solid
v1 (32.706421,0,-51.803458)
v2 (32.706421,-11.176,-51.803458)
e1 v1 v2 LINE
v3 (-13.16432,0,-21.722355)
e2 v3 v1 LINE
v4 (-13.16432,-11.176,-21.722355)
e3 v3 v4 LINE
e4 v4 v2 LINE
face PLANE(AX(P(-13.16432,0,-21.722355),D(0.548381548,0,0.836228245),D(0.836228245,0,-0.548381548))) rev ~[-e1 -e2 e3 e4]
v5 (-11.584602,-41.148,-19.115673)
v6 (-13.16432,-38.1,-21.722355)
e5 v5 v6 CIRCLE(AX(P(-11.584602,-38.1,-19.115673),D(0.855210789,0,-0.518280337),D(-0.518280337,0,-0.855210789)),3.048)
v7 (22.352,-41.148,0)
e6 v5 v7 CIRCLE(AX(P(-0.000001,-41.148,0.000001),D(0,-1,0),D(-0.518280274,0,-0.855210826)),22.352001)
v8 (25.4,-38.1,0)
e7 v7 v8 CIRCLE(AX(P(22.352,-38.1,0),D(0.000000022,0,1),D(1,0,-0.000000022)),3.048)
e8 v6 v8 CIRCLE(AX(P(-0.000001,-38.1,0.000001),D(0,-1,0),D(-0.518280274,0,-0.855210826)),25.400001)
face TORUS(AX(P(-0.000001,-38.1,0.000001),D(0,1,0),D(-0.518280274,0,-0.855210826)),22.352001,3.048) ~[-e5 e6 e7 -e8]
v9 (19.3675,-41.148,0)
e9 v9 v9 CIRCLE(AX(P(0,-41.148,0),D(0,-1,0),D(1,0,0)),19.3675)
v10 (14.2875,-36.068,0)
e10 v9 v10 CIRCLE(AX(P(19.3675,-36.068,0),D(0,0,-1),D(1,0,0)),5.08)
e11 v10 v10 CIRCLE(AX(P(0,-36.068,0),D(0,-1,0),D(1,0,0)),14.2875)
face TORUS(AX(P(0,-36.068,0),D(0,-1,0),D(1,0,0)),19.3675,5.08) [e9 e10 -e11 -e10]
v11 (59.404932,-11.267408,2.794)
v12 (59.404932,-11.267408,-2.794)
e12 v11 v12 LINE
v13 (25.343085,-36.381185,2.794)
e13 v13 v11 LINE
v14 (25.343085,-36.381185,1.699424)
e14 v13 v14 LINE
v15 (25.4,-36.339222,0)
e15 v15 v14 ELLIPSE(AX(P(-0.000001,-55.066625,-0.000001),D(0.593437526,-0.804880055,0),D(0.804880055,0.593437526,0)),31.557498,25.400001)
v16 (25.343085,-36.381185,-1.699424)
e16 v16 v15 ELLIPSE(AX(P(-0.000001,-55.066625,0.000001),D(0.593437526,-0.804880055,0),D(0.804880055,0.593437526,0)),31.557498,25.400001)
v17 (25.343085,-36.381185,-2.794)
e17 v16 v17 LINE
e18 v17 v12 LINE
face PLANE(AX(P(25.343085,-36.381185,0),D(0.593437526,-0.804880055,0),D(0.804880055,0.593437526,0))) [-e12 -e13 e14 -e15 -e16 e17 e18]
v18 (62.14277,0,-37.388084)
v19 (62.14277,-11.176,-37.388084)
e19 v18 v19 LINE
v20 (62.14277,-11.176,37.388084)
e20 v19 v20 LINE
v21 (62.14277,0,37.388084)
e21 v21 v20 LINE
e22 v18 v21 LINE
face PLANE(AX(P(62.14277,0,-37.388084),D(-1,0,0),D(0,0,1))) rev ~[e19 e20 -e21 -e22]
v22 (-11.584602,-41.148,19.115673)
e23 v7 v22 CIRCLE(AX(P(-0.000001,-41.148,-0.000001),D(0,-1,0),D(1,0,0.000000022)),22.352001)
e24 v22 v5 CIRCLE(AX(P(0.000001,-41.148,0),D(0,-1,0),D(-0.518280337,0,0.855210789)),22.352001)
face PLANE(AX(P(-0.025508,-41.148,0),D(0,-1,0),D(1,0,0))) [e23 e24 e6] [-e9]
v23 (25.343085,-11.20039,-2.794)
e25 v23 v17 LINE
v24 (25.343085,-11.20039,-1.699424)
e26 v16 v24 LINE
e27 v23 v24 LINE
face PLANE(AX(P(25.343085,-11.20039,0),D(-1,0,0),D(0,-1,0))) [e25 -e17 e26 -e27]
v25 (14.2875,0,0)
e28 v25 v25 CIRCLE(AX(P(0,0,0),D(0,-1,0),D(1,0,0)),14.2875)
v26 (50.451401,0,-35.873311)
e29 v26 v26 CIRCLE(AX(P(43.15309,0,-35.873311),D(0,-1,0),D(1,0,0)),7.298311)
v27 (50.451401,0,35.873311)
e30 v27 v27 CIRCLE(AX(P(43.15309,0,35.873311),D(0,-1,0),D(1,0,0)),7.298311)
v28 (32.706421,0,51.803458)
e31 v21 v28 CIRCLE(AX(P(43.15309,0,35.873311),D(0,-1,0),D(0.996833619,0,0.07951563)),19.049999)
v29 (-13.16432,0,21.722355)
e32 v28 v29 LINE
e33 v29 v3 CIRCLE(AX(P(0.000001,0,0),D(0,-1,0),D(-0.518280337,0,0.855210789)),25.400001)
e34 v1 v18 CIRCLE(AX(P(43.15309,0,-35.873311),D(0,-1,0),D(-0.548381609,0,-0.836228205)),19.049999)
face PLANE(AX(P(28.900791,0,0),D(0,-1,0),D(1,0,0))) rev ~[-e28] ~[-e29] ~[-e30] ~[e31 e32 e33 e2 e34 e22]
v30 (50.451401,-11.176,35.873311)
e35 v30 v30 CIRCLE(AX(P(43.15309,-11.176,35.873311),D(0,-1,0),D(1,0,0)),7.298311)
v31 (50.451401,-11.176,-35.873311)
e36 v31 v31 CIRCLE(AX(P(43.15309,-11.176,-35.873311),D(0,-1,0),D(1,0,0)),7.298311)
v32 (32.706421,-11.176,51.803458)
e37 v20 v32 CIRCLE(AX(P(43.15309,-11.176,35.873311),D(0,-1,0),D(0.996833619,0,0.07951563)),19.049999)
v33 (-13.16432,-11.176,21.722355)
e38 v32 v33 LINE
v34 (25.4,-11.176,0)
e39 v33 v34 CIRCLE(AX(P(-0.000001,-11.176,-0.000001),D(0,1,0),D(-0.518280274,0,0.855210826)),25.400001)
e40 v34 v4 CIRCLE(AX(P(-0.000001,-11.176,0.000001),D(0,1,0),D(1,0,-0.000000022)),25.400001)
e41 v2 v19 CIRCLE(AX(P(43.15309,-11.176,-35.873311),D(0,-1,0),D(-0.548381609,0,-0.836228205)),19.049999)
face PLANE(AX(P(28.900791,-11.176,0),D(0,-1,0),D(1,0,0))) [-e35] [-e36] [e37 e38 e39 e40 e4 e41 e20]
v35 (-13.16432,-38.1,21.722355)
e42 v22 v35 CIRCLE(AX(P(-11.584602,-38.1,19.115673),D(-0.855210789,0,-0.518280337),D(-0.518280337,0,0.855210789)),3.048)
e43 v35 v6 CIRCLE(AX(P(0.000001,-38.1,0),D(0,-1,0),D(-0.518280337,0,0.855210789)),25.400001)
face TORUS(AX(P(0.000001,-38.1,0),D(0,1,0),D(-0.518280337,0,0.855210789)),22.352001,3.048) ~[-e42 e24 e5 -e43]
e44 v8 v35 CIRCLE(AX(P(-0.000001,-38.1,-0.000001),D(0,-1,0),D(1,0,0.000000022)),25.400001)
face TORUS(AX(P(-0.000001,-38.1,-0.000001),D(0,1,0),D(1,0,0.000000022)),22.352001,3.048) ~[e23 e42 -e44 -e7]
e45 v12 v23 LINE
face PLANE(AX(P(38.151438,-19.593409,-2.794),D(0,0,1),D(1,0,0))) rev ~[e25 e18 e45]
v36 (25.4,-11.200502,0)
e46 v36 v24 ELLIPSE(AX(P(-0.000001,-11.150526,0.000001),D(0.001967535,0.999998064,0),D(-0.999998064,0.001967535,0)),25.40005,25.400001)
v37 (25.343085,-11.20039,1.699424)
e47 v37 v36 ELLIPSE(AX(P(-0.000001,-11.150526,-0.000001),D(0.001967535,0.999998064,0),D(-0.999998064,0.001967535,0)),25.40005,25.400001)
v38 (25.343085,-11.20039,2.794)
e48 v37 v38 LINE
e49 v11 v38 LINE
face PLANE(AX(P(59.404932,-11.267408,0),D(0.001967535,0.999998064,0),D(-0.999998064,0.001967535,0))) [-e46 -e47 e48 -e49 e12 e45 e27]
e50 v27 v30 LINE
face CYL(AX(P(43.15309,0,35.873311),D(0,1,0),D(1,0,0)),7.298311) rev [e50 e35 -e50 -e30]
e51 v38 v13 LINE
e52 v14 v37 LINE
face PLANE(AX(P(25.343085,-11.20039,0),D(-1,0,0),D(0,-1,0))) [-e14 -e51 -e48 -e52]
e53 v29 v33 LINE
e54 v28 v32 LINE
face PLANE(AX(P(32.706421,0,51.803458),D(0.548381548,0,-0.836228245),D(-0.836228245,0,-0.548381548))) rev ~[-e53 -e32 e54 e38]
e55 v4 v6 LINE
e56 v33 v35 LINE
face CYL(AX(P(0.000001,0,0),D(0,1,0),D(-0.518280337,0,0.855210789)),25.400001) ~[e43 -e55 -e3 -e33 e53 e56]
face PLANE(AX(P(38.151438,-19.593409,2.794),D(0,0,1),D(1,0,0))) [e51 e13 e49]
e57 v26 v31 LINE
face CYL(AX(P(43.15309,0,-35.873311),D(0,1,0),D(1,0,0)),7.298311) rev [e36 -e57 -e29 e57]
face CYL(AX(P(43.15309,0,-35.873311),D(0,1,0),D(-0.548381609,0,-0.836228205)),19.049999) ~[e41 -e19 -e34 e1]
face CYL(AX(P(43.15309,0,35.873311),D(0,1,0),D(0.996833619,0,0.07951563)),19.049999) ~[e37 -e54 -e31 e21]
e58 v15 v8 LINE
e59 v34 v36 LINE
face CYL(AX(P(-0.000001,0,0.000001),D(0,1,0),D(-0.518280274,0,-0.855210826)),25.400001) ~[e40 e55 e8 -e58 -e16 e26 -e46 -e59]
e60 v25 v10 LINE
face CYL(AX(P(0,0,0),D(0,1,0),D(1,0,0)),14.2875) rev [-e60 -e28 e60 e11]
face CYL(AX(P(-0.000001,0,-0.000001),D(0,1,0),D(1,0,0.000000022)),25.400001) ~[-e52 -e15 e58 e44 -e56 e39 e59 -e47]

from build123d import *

# Parameters (mm, degrees)
F0_R     = 14.2875
F1_DEPTH = 41.148
F0_R_2   = 7.298311
F2_DEPTH = 11.176
F3_R     = 5.08
F4_R     = 3.048
F6_DEPTH = 2.794


with BuildPart() as f1:
    # F0 (on Front) → F1 (new body)
    with BuildSketch(Plane.XZ):
        with BuildLine():
            ThreePointArc((-13.16432, -21.722355), (12.465678, -22.130677), (25.4, 0))
            ThreePointArc((25.4, 0), (12.465678, 22.130677), (-13.16432, 21.722355))
            ThreePointArc((-13.16432, 21.722355), (-25.4, 0), (-13.16432, -21.722355))
        make_face()
        Circle(F0_R, mode=Mode.SUBTRACT)
    extrude(amount=F1_DEPTH)

    # F0 (on Front) → F2 (join)
    with BuildSketch(Plane.XZ):
        with BuildLine():
            ThreePointArc((-13.16432, 21.722355), (12.465678, 22.130677), (25.4, 0))
            ThreePointArc((25.4, 0), (12.465678, -22.130677), (-13.16432, -21.722355))
            Line((-13.16432, -21.722355), (32.706421, -51.803458))
            ThreePointArc((32.706421, -51.803458), (51.531426, -52.981963), (62.14277, -37.388084))
            Line((62.14277, -37.388084), (62.14277, 37.388084))
            ThreePointArc((62.14277, 37.388084), (51.531426, 52.981963), (32.706421, 51.803458))
            Line((32.706421, 51.803458), (-13.16432, 21.722355))
        make_face()
        with Locations((43.15309, -35.873311)):
            Circle(F0_R_2, mode=Mode.SUBTRACT)
        with Locations((43.15309, 35.873311)):
            Circle(F0_R_2, mode=Mode.SUBTRACT)
    extrude(amount=F2_DEPTH)

    # F3
    f3_edges = [f1.edges().sort_by_distance(p)[0] for p in [
        (-14.2875, -41.148, 0),
    ]]
    fillet(f3_edges, radius=F3_R)

    # F4
    f4_edges = [f1.edges().sort_by_distance(p)[0] for p in [
        (-25.4, -41.148, 0),
    ]]
    fillet(f4_edges, radius=F4_R)

    # F5 (on Top) → F6 (join, symmetric)
    with BuildSketch(Plane.XY):
        Polygon((59.404932, -11.267408), (25.343085, -11.20039), (25.343085, -36.381185), align=None)
    extrude(amount=F6_DEPTH, both=True)


solid = f1.part
